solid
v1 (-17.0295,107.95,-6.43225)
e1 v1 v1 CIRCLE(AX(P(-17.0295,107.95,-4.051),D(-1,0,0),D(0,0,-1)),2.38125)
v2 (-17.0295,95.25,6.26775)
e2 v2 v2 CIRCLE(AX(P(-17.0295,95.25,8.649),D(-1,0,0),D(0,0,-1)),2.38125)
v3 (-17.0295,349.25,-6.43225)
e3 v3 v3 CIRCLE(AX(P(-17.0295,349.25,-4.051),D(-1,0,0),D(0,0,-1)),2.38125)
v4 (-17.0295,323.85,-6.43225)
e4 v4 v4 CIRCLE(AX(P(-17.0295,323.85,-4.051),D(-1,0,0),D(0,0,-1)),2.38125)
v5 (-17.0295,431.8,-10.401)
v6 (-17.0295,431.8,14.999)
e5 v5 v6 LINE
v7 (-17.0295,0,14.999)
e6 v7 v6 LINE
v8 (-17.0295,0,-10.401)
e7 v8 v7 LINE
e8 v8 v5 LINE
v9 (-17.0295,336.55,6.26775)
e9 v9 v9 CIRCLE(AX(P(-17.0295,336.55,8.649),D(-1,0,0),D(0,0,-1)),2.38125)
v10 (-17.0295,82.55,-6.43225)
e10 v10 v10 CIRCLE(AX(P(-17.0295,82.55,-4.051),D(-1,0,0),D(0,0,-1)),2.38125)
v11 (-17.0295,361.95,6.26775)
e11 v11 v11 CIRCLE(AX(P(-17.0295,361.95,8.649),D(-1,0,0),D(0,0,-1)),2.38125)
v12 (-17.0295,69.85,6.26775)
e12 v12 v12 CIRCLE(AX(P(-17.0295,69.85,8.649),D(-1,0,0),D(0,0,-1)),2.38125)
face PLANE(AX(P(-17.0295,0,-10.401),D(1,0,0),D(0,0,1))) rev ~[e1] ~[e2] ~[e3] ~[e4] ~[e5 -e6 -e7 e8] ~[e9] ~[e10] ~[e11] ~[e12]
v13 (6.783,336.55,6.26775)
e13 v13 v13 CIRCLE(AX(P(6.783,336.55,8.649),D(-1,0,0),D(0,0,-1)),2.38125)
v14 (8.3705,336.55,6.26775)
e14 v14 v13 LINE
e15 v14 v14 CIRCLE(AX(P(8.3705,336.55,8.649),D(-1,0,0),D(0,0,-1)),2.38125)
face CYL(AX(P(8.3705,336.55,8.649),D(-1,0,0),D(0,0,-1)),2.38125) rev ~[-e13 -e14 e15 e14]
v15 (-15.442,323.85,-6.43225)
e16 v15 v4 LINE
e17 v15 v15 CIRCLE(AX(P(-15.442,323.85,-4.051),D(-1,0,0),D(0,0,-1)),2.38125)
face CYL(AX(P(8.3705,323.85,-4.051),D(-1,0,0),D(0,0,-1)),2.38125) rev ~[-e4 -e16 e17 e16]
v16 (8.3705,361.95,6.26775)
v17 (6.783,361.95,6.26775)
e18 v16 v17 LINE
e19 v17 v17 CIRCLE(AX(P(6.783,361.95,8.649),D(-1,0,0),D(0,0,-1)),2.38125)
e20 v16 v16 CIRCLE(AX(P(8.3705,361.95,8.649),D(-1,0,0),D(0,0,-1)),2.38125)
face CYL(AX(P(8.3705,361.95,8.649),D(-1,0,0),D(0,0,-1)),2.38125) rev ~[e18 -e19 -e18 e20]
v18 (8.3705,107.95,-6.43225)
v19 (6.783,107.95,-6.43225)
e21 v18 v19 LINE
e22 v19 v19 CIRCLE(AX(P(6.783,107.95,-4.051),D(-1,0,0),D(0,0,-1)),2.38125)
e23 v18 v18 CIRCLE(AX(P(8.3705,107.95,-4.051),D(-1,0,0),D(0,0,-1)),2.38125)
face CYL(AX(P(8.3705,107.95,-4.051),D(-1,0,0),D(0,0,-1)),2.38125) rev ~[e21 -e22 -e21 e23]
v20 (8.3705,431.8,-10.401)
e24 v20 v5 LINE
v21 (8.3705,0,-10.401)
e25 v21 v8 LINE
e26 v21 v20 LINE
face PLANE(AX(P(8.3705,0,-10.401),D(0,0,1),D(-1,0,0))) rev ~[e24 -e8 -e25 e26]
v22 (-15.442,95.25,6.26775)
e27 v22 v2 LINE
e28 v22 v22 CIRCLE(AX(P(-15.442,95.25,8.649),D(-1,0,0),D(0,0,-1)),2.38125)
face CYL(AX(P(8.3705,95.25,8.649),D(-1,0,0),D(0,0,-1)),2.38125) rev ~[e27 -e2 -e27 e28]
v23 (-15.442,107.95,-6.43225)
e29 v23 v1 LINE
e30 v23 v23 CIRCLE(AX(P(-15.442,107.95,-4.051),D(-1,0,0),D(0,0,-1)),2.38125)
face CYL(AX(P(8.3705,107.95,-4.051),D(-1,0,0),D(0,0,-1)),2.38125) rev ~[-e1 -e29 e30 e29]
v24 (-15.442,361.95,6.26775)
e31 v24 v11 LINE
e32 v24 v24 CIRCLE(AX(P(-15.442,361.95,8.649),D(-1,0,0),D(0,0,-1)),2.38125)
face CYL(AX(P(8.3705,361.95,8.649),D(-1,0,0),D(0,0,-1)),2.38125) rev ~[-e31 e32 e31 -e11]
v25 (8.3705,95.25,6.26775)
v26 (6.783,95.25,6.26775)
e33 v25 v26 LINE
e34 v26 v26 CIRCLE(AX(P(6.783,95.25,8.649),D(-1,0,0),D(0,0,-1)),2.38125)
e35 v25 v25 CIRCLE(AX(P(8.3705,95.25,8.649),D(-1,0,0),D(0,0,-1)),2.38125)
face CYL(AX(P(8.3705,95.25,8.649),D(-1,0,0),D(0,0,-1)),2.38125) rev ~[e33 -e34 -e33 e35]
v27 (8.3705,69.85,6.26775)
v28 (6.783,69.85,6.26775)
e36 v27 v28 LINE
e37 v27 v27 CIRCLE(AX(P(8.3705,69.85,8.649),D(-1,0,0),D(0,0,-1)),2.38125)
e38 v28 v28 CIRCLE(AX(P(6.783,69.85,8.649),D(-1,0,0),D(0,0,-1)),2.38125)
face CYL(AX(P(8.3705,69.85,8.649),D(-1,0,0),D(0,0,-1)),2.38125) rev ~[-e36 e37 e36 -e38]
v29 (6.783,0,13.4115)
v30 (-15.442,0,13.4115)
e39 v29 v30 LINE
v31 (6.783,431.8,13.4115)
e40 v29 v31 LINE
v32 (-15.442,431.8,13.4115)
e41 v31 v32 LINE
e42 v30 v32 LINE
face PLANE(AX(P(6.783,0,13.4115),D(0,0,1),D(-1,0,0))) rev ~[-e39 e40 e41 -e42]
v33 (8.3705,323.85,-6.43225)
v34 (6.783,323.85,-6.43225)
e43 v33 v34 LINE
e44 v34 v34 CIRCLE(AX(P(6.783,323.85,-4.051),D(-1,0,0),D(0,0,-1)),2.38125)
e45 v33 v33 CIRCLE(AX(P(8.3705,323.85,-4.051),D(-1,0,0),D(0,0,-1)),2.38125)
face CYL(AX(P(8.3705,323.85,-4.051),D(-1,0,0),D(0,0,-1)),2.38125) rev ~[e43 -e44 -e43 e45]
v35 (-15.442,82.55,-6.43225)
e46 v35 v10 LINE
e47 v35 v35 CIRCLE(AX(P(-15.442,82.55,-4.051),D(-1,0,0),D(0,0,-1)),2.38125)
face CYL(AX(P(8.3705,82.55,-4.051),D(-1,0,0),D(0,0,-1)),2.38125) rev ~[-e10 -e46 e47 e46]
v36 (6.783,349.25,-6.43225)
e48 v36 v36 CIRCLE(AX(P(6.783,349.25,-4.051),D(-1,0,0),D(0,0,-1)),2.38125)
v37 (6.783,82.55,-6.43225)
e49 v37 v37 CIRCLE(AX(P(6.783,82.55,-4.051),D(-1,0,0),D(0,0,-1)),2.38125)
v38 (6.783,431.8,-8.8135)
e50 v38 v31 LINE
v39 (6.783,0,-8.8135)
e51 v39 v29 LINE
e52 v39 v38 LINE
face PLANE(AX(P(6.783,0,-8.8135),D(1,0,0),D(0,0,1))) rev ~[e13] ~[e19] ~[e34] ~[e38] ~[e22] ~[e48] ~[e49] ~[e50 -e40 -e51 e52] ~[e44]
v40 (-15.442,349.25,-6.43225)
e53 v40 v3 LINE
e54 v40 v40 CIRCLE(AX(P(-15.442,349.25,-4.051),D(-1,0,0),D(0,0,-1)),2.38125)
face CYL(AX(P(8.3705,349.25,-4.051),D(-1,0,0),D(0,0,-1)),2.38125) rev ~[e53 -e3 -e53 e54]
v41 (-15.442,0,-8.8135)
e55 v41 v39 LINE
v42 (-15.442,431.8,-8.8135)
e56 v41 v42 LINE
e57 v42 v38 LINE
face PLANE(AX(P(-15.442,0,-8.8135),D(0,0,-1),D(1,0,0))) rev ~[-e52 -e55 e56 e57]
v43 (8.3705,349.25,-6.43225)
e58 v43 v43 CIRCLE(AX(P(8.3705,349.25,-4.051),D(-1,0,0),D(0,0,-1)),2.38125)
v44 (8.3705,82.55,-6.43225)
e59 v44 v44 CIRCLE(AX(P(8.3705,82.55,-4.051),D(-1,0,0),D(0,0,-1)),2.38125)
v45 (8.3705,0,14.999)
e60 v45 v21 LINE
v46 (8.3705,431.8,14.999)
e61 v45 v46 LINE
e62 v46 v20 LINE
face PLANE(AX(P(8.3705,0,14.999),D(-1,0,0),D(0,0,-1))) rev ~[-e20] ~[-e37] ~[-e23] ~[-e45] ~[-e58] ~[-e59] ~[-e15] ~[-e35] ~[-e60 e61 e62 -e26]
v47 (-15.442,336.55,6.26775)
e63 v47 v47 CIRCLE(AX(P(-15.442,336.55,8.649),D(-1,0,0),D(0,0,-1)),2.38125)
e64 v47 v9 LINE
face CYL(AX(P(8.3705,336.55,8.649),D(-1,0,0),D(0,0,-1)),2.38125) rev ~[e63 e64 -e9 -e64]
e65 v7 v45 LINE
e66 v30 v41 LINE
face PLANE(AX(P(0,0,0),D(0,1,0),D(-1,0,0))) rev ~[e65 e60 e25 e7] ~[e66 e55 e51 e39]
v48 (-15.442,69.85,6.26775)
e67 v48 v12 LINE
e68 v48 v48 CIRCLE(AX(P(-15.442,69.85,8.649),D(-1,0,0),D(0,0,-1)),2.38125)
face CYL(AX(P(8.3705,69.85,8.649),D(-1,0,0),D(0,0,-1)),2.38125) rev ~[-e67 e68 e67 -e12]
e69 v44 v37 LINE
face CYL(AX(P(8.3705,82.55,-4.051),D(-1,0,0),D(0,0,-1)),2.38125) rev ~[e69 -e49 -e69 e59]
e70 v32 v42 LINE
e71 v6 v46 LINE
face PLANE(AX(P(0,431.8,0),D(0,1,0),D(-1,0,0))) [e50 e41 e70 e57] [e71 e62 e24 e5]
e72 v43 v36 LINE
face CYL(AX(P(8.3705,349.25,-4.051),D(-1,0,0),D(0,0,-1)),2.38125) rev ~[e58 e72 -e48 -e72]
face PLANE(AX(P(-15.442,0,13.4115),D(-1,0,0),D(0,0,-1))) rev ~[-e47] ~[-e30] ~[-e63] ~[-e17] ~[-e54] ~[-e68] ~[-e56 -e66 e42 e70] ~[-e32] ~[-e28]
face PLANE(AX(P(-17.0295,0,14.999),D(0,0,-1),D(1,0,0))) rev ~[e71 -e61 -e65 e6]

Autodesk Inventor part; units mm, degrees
ref_plane "YZ Plane" through (0, 0, 0) normal (1, 0, 0) x (0, 1, 0)
ref_plane "XZ Plane" through (0, 0, 0) normal (0, 1, 0) x (-1, 0, 0)
ref_plane "XY Plane" through (0, 0, 0) normal (0, 0, 1) x (1, 0, 0)
sketch "Sketch1" plane through (0, 0, 0) normal (0, 1, 0) x (-1, 0, 0)
  line L0 (17.0295, 14.999) -> (-8.3705, 14.999)
  line L1 (-8.3705, 14.999) -> (-8.3705, -10.401)
  line L2 (-8.3705, -10.401) -> (17.0295, -10.401)
  line L3 (17.0295, -10.401) -> (17.0295, 14.999)
  line L4 (15.442, -8.8135) -> (-6.783, -8.8135)
  line L5 (-6.783, -8.8135) -> (-6.783, 13.4115)
  line L6 (-6.783, 13.4115) -> (15.442, 13.4115)
  line L7 (15.442, 13.4115) -> (15.442, -8.8135)
  point P0 (0, 0)
  dimension "d0" = 25.4
  dimension "d1" = 25.4
  dimension "d4" = 1.5875
  dimension "d5" = 1.5875
  dimension "d6" = 1.5875
  dimension "d7" = 1.5875
extrude "Extrusion2" add sketch "Sketch1" along normal blind 431.8
sketch "Sketch3" plane through (8.3705, 0, 14.999) normal (1, 0, 0) x (0, 0, -1)
  line L0 (25.4, 0) -> (25.4, 431.8) projected
  line L1 (0, 431.8) -> (25.4, 431.8) projected
  line L2 (0, 0) -> (25.4, 0) projected
  point P0 (14.999, 0)
  point P1 (19.05, 349.25)
  point P2 (19.05, 82.55)
  dimension "d19" = 6.35
  dimension "d20" = 82.55
  dimension "d21" = 6.35
  dimension "d22" = 82.55
hole "Hole2" at (8.3705, 349.25, -4.051) at (8.3705, 82.55, -4.051) direction (-1, 0, 0) diameter 4.7625 depth 25.4 tip angle 118.188
sketch "Sketch4" plane through (8.3705, 0, 14.999) normal (1, 0, 0) x (0, 0, -1)
  line L0 (25.4, 0) -> (25.4, 431.8) projected
  circle A0 centre (19.05, 82.55) radius 2.3813 projected
  line L1 (0, 0) -> (0, 431.8) projected
  circle A1 centre (19.05, 349.25) radius 2.3813 projected
  point P0 (14.999, 0)
  point P1 (19.05, 107.95)
  point P2 (6.35, 69.85)
  point P3 (6.35, 95.25)
  point P4 (19.05, 323.85)
  point P5 (6.35, 361.95)
  point P6 (6.35, 336.55)
  dimension "d30" = 6.35
  dimension "d31" = 25.4
  dimension "d32" = 6.35
  dimension "d33" = 6.35
  dimension "d34" = 25.4
  dimension "d36" = 6.35
  dimension "d37" = 25.4
  dimension "d38" = 6.35
  dimension "d39" = 6.35
  dimension "d40" = 25.4
  dimension "d49" = 12.7
  dimension "d50" = 12.7
hole "Hole3" at (8.3705, 107.95, -4.051) at (8.3705, 69.85, 8.649) at (8.3705, 95.25, 8.649) at (8.3705, 323.85, -4.051) at (8.3705, 361.95, 8.649) at (8.3705, 336.55, 8.649) direction (-1, 0, 0) diameter 4.7625 depth 25.4 tip angle 118.188
equation "\"d0\" = ElvBeamWidth"
equation "\"d1\" = ElvBeamWidth"
equation "\"d4\" = ElvWallWidth"
equation "\"d5\" = ElvWallWidth"
equation "\"d6\" = ElvWallWidth"
equation "\"d7\" = ElvWallWidth"
equation "\"d8\" = ElvEndEffectLength"
equation "\"ElvMiddleBeamLength\" = 990.6"
equation "\"ElvWallWidth\" = 1.5875"
equation "\"ElvFrontBeamLength\" = 990.6"
equation "\"ElvEndEffectLength\" = 431.8"
equation "\"ElvCrossBeamLength\" = 304.8"
equation "\"ElvBeamWidth\" = 25.4"
equation "\"ElvFrontBeamLength_1\" = 1066.8"
equation "\"ElvFixedBeamLength\" = 990.6"
equation "\"ElvDelHeight\" = 101.6"
equation "\"ElvDelFrontTabLength\" = 6.35"
equation "\"ElvDelWidth\" = 18.542"
equation "\"ElvDelDepth\" = 6.35"
equation "\"ElvTopBeamLength\" = 457.2"
equation "\"ElvHoleFromFixed\" = 50.8"
equation "\"ElvHoleFromMid\" = 38.1"
equation "\"ElvHoleFromFront\" = 25.4"
equation "\"ElvHoleFromBottom\" = 38.1"
equation "\"ElvRivetPlateLength\" = 76.2"
equation "\"ElvDelMiddleTabLength\" = 6.35"
properties part number "ElvEndEffectBeam" material "Aluminum 6061"
